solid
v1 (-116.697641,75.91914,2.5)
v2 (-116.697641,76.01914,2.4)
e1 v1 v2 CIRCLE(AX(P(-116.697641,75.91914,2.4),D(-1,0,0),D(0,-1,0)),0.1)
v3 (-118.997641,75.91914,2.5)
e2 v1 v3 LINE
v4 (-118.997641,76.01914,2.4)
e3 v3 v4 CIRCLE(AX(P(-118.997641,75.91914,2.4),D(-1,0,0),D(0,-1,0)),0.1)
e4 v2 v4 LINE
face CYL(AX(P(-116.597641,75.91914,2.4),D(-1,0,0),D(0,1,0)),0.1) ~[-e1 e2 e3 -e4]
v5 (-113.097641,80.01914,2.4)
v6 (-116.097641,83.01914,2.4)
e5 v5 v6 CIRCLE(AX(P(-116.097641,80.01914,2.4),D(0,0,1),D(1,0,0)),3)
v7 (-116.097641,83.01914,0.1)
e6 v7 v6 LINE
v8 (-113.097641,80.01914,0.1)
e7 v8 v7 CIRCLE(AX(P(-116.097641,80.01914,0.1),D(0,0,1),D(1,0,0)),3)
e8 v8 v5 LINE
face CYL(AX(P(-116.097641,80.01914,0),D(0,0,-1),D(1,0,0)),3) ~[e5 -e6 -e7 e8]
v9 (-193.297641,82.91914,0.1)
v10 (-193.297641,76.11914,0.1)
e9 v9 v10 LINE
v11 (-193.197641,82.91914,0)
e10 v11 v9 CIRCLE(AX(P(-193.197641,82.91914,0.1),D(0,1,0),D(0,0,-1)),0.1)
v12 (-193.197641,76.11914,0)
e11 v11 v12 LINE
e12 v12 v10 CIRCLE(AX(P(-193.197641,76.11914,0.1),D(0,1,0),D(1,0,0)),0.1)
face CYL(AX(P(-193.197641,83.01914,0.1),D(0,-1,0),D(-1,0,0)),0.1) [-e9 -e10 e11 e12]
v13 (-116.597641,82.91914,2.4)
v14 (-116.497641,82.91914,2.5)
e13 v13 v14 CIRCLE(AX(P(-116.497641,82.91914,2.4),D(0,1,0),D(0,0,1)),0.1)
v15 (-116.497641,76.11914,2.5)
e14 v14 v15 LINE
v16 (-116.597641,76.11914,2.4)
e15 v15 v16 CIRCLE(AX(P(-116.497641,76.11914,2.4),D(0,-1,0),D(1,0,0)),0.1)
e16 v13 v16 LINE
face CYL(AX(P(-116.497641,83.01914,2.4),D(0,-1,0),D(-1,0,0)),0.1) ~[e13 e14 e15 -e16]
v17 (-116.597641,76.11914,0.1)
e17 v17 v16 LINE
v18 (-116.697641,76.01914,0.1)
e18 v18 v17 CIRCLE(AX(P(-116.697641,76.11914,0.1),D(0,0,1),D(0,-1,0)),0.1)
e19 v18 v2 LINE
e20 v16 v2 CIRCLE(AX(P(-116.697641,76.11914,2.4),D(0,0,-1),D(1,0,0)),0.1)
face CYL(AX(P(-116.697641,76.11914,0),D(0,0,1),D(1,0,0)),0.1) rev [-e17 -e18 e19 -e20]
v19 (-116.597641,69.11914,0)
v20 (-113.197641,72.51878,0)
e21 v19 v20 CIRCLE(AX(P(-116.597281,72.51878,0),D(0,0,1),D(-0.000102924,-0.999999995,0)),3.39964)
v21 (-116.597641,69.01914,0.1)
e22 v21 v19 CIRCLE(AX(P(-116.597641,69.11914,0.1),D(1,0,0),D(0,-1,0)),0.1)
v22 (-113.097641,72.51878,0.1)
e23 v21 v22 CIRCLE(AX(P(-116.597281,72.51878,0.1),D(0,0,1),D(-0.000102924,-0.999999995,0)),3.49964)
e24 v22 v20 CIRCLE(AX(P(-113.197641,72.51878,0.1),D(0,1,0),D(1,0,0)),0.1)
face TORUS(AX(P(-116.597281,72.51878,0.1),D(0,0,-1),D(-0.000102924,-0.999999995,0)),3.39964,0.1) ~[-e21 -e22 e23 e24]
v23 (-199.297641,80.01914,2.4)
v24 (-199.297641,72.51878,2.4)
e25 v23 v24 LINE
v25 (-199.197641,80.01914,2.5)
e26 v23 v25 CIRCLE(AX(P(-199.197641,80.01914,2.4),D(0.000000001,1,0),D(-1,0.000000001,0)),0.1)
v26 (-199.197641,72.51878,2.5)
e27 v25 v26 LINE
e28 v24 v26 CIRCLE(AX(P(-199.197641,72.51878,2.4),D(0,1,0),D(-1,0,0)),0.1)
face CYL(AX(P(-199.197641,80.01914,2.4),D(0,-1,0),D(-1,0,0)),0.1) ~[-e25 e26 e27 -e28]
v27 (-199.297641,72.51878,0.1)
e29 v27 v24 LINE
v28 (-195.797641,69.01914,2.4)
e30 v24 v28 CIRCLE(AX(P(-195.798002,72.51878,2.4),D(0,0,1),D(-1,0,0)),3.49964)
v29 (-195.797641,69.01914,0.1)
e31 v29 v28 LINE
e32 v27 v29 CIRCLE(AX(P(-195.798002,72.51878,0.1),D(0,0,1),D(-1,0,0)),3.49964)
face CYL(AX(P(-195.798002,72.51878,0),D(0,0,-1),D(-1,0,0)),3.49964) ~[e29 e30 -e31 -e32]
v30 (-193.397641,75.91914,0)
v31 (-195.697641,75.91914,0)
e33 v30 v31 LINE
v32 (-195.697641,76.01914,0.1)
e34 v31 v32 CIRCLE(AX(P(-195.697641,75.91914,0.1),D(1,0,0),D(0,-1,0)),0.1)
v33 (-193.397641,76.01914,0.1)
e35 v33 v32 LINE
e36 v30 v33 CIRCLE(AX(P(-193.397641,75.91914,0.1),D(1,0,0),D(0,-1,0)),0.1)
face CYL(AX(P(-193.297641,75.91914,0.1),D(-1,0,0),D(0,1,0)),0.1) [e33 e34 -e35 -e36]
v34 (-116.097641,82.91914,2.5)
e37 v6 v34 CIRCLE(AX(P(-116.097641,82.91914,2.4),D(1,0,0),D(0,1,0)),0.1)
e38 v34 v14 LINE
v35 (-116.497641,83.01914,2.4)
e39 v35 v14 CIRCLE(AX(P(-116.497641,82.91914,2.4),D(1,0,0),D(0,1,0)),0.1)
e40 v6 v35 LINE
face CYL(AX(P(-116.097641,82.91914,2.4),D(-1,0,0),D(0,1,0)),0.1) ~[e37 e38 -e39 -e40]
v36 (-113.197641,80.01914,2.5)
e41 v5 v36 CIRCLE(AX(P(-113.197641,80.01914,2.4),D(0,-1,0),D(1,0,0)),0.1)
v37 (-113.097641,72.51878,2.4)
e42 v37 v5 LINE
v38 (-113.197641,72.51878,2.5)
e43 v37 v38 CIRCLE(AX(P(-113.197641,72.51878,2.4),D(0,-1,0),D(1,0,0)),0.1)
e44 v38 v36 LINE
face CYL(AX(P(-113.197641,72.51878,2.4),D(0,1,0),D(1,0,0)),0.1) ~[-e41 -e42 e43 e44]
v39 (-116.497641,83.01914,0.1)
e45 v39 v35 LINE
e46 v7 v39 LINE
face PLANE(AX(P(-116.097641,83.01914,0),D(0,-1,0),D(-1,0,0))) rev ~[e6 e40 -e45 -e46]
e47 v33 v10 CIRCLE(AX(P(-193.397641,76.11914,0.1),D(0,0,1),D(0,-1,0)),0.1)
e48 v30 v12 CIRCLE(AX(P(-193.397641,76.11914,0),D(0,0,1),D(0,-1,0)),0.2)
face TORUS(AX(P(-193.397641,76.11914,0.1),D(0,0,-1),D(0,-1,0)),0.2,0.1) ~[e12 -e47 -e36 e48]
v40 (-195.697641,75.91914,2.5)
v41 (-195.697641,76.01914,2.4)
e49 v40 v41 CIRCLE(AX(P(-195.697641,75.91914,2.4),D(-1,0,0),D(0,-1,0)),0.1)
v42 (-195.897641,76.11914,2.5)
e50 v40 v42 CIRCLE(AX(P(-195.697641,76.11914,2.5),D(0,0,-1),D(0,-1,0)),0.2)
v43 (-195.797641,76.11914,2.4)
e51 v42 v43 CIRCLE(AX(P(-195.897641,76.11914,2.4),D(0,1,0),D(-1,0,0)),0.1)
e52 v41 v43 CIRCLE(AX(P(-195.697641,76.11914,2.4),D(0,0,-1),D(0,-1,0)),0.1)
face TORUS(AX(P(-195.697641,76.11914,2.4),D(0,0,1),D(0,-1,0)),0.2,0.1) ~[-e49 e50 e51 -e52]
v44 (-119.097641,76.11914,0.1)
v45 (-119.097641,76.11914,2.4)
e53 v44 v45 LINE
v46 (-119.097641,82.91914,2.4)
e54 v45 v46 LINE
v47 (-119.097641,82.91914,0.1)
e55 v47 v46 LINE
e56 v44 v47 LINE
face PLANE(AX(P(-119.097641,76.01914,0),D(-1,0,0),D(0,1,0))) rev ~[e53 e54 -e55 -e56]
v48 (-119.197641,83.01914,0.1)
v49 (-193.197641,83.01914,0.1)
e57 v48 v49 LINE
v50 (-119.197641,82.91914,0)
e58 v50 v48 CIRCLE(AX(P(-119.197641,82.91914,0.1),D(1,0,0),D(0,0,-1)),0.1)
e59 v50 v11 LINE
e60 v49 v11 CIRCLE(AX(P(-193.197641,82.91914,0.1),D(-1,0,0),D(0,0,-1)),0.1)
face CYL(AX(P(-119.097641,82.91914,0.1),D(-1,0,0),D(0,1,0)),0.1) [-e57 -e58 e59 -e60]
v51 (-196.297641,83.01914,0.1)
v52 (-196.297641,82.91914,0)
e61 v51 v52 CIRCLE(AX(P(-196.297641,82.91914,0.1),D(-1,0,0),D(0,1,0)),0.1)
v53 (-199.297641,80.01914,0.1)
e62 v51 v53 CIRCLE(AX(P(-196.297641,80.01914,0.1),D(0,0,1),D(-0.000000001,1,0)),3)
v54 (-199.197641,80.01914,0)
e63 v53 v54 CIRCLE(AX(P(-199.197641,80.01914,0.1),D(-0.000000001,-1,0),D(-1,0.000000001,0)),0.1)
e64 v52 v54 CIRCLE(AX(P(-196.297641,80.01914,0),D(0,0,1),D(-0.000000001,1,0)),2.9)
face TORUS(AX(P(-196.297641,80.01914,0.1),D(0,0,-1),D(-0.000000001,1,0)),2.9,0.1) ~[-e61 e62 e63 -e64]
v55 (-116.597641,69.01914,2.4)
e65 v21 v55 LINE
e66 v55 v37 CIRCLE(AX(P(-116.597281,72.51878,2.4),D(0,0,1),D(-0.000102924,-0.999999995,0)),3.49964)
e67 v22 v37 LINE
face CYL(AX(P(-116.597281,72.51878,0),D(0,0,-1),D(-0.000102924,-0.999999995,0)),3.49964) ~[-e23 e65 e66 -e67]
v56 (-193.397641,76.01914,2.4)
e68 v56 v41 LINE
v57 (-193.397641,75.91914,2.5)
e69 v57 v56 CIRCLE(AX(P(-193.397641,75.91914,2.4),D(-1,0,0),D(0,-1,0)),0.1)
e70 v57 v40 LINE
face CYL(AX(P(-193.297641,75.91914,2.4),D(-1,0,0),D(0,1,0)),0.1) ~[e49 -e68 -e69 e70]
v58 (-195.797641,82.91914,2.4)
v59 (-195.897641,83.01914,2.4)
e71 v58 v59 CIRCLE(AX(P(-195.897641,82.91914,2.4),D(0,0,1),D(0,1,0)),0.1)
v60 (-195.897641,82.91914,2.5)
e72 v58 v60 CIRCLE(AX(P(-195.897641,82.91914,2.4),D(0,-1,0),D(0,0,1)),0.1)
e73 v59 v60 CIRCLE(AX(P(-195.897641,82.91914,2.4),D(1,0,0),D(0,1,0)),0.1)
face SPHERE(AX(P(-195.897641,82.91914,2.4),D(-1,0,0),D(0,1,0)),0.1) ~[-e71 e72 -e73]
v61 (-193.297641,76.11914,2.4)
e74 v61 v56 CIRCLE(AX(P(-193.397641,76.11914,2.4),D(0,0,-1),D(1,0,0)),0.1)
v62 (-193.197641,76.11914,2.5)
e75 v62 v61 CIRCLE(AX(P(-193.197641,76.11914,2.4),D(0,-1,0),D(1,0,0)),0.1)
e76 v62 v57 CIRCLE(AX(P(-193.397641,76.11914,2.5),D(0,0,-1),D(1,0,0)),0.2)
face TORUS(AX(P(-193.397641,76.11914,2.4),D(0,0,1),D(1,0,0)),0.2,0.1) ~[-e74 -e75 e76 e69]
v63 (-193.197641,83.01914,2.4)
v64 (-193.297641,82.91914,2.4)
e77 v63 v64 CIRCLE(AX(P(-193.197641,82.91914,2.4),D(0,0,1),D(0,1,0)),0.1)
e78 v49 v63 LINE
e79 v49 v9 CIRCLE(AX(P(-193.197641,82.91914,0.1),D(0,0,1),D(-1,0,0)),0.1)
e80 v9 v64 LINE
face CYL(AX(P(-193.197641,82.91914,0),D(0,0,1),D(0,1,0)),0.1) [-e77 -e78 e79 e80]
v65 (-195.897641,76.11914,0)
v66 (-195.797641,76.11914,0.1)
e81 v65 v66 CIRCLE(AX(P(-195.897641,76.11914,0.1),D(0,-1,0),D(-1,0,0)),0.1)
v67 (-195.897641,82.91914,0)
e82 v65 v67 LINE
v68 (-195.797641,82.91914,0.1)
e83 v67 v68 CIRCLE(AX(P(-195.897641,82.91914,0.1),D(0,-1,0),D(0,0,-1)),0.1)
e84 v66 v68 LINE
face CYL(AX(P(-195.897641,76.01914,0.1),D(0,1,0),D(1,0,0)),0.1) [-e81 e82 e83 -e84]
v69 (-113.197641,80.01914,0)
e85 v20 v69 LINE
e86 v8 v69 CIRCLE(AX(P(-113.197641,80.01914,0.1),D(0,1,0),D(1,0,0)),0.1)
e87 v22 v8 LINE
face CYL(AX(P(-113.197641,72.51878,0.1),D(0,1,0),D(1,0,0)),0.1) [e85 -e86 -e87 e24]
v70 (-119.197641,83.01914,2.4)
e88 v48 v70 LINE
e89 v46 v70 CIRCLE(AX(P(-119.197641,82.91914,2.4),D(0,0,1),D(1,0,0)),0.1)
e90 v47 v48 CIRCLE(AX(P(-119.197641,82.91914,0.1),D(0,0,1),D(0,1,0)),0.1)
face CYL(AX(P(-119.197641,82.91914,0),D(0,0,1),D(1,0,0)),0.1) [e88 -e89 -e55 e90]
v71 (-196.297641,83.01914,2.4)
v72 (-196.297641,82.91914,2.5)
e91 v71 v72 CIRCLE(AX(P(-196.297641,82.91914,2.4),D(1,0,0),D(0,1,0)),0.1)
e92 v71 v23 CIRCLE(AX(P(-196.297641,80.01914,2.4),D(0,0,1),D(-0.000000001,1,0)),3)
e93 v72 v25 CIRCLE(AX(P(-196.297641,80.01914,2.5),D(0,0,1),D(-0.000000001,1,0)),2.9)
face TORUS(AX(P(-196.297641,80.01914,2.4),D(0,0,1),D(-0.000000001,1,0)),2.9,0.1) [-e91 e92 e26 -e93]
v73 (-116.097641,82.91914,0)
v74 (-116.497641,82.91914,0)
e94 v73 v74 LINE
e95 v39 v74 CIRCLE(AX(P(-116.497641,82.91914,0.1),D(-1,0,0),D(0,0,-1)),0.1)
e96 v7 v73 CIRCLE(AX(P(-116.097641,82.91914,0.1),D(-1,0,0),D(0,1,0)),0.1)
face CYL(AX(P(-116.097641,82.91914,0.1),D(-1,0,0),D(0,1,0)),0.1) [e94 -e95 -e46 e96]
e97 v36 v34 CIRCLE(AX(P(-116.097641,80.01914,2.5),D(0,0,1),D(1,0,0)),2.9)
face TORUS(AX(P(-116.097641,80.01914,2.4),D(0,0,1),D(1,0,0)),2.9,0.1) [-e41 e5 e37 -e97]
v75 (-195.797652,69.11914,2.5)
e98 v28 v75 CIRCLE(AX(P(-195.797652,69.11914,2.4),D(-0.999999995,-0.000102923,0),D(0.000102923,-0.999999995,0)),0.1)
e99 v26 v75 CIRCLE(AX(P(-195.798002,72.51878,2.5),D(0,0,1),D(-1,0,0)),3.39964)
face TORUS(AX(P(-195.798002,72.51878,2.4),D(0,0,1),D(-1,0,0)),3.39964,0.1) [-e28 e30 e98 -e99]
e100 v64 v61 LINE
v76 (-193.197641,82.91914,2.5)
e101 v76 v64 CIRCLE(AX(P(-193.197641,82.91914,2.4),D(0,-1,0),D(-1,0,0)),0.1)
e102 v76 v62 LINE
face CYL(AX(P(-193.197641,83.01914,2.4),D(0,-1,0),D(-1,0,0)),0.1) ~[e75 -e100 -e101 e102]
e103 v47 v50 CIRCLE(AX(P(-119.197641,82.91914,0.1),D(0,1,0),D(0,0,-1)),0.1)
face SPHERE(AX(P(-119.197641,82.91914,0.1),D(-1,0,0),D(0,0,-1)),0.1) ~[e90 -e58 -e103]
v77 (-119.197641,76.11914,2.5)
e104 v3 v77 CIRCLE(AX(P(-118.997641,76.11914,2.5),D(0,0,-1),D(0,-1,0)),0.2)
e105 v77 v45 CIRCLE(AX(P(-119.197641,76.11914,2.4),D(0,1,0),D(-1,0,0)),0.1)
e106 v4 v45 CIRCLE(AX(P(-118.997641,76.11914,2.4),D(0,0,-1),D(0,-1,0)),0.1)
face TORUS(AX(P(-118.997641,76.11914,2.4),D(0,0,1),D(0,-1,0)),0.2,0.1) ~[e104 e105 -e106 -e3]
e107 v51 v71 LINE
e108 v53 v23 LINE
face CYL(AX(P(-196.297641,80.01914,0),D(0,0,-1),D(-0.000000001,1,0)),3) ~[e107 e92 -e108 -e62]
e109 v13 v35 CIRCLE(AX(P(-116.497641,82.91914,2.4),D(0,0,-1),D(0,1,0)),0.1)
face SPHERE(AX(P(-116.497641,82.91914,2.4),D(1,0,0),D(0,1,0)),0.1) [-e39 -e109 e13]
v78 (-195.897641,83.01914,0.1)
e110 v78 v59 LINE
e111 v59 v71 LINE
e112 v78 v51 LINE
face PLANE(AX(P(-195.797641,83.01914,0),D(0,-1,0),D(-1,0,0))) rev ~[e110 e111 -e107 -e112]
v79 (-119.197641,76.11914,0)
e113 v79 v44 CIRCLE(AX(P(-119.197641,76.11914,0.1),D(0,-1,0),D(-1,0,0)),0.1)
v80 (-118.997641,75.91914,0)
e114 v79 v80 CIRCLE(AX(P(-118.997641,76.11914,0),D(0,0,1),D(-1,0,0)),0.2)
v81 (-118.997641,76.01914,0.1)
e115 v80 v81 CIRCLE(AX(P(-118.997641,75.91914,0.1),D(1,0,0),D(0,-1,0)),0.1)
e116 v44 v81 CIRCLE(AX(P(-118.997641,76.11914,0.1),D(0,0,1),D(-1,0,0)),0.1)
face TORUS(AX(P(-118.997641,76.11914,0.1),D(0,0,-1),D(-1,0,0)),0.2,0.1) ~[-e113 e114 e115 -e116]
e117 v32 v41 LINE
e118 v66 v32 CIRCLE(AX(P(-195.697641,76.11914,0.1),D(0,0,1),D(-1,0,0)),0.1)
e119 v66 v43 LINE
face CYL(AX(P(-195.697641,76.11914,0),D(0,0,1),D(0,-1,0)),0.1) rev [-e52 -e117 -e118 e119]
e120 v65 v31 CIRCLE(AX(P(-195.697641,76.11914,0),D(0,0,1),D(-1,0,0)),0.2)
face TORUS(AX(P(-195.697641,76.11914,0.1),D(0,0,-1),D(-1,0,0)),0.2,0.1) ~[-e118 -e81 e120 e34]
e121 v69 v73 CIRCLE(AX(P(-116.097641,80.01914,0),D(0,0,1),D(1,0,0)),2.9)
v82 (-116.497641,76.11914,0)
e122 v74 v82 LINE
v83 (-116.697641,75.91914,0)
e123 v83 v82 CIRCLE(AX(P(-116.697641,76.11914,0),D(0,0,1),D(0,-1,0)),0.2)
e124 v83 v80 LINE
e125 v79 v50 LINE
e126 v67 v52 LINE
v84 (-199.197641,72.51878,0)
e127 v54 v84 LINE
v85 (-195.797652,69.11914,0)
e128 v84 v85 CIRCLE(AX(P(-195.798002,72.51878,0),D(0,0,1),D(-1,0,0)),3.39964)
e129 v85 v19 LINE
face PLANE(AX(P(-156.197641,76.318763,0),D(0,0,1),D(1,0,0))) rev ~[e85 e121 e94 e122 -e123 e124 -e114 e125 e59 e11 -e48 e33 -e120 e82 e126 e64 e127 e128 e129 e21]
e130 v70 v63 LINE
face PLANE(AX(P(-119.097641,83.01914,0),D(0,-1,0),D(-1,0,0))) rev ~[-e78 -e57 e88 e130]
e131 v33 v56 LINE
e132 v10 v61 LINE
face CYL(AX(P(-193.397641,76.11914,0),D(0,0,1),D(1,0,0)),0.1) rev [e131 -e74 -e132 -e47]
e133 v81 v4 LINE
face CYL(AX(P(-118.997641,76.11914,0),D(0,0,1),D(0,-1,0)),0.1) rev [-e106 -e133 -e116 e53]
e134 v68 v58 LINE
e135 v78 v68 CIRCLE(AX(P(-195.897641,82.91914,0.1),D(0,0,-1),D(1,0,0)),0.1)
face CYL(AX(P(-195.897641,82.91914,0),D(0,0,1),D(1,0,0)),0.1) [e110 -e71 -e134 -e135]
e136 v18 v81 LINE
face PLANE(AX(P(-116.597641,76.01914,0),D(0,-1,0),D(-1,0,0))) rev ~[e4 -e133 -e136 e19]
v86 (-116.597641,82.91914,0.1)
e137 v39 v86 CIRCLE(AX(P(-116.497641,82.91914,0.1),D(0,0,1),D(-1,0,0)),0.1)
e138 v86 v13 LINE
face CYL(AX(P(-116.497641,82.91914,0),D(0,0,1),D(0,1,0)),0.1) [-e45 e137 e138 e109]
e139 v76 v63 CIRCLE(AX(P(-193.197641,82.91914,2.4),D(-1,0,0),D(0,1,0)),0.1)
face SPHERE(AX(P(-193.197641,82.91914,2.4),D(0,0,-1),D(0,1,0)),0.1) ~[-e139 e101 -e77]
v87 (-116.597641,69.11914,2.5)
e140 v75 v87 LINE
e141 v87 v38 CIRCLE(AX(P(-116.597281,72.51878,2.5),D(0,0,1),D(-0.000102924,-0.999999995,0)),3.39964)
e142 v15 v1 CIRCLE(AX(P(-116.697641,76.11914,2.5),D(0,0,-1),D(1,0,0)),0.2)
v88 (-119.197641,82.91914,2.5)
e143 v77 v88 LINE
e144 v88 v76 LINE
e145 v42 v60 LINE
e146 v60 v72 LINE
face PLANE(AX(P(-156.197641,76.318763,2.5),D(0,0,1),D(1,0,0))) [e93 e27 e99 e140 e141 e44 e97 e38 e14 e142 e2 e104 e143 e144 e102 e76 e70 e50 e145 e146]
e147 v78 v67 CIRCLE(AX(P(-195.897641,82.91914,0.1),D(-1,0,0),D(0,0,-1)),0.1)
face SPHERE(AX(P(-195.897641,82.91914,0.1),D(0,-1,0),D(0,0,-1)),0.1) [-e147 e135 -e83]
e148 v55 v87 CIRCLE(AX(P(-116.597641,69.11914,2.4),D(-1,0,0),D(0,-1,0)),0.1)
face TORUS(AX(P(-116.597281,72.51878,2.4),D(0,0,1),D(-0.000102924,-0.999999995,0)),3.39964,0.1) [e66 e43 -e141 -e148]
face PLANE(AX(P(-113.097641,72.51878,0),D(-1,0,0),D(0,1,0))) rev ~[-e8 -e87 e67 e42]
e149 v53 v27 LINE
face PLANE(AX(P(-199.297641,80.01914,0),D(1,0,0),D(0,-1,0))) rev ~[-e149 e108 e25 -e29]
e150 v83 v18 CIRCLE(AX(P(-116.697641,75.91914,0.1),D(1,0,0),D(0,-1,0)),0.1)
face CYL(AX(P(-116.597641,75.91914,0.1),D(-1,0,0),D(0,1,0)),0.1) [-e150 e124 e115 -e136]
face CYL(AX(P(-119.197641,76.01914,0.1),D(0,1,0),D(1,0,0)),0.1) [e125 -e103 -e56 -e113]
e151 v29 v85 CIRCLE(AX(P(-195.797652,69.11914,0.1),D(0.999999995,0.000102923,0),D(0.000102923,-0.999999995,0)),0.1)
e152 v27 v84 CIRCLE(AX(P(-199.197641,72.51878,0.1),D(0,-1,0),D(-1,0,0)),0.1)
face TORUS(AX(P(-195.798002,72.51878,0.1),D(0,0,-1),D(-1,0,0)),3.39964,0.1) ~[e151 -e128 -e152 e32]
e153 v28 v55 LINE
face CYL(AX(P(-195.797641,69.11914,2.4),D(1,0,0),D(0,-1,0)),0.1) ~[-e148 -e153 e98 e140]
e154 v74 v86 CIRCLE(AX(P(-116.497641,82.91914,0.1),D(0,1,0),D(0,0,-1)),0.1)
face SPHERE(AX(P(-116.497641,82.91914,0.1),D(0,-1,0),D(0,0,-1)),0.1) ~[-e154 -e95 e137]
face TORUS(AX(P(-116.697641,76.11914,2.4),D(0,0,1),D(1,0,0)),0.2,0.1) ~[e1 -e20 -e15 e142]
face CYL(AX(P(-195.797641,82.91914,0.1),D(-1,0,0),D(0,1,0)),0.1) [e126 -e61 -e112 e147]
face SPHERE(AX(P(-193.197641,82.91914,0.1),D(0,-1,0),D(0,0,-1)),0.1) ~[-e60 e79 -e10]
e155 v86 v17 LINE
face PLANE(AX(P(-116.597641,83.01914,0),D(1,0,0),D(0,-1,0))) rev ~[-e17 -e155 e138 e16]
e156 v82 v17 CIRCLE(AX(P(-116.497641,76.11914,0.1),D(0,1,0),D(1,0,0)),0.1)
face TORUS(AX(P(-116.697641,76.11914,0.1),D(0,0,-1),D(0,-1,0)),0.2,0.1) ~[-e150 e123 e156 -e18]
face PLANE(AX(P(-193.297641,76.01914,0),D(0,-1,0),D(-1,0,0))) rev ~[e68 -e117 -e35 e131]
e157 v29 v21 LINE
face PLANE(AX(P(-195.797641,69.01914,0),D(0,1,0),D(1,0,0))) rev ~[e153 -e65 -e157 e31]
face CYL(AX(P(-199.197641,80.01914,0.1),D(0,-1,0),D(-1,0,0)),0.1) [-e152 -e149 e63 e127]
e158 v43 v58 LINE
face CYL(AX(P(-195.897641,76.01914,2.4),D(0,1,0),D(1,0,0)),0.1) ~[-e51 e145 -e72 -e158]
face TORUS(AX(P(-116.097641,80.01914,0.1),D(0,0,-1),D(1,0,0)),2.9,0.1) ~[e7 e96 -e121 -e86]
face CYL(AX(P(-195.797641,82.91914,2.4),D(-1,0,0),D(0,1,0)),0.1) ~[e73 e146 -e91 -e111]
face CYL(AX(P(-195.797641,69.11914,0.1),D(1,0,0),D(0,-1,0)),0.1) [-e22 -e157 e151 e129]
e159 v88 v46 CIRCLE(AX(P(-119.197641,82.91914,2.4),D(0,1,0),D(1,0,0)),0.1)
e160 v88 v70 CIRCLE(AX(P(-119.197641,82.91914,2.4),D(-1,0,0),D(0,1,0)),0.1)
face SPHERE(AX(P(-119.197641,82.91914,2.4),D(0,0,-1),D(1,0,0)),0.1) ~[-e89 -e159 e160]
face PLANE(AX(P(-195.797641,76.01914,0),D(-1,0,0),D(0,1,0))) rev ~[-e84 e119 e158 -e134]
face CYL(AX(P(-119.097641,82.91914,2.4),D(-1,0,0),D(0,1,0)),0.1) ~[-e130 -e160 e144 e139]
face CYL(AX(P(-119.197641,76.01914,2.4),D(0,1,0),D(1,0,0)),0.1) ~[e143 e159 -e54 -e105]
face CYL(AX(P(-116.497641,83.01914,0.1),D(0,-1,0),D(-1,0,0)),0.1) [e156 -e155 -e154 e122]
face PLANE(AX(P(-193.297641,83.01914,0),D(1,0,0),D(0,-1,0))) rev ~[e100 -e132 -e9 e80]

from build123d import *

# Parameters (mm, degrees)
RESSALTO_EXTRUS_O1_DEPTH = 2.5
FILETE1_R                = 0.1


with BuildPart() as part:
    # Esboço1 → Ressalto-extrusão1 (new body)
    with BuildSketch(Plane.XY):
        with BuildLine():
            ThreePointArc((-199.297641475, 72.518779678), (-198.272493356, 70.044033295), (-195.797641475, 69.019139891))
            Line((-195.797641475, 69.019139891), (-116.597641475, 69.019139891))
            ThreePointArc((-116.597641475, 69.019139891), (-114.122789593, 70.044033295), (-113.097641475, 72.518779678))
            Line((-113.097641475, 72.518779678), (-113.097641475, 80.019139873))
            ThreePointArc((-113.097641475, 80.019139873), (-113.976321131, 82.140460216), (-116.097641475, 83.019139873))
            Line((-116.097641475, 83.019139873), (-116.597641475, 83.019139873))
            Line((-116.597641475, 83.019139873), (-116.597641475, 76.019139873))
            Line((-116.597641475, 76.019139873), (-119.097641475, 76.019139873))
            Line((-119.097641475, 76.019139873), (-119.097641475, 83.019139873))
            Line((-119.097641475, 83.019139873), (-135.097641475, 83.019139873))
            Line((-135.097641475, 83.019139873), (-141.097641475, 83.019139873))
            Line((-141.097641475, 83.019139873), (-171.297641475, 83.019139873))
            Line((-171.297641475, 83.019139873), (-177.297641475, 83.019139873))
            Line((-177.297641475, 83.019139873), (-193.297641475, 83.019139873))
            Line((-193.297641475, 83.019139873), (-193.297641475, 76.019139873))
            Line((-193.297641475, 76.019139873), (-195.797641475, 76.019139873))
            Line((-195.797641475, 76.019139873), (-195.797641475, 83.019139873))
            Line((-195.797641475, 83.019139873), (-196.297641475, 83.019139873))
            ThreePointArc((-196.297641475, 83.019139873), (-198.418961818, 82.140460216), (-199.297641475, 80.019139873))
            Line((-199.297641475, 80.019139873), (-199.297641475, 72.518779678))
        make_face()
    extrude(amount=RESSALTO_EXTRUS_O1_DEPTH)

    # Filete1
    filete1_edges = [part.edges().sort_by_distance(p)[0] for p in [
        (-199.297641475, 76.268959775, 2.5),
        (-195.797641475, 79.519139873, 0),
        (-194.547641475, 76.019139873, 0),
        (-198.272493356, 70.044033295, 2.5),
        (-193.297641475, 79.519139873, 0),
        (-156.197641475, 83.019139873, 0),
        (-119.097641475, 79.519139873, 0),
        (-117.847641475, 76.019139873, 0),
        (-116.597641475, 79.519139873, 0),
        (-116.347641475, 83.019139873, 0),
        (-113.976321131, 82.140460216, 0),
        (-113.097641475, 76.268959775, 0),
        (-156.197641475, 69.019139891, 2.5),
        (-114.122789593, 70.044033295, 0),
        (-156.197641475, 69.019139891, 0),
        (-198.272493356, 70.044033295, 0),
        (-199.297641475, 76.268959775, 0),
        (-198.418961818, 82.140460216, 0),
        (-196.047641475, 83.019139873, 0),
        (-114.122789593, 70.044033295, 2.5),
        (-113.097641475, 76.268959775, 2.5),
        (-195.797641475, 83.019139873, 1.25),
        (-195.797641475, 76.019139873, 1.25),
        (-193.297641475, 76.019139873, 1.25),
        (-193.297641475, 83.019139873, 1.25),
        (-119.097641475, 83.019139873, 1.25),
        (-119.097641475, 76.019139873, 1.25),
        (-116.597641475, 76.019139873, 1.25),
        (-116.597641475, 83.019139873, 1.25),
        (-113.976321131, 82.140460216, 2.5),
        (-116.347641475, 83.019139873, 2.5),
        (-116.597641475, 79.519139873, 2.5),
        (-117.847641475, 76.019139873, 2.5),
        (-119.097641475, 79.519139873, 2.5),
        (-196.047641475, 83.019139873, 2.5),
        (-156.197641475, 83.019139873, 2.5),
        (-193.297641475, 79.519139873, 2.5),
        (-194.547641475, 76.019139873, 2.5),
        (-195.797641475, 79.519139873, 2.5),
        (-198.418961818, 82.140460216, 2.5),
    ]]
    fillet(filete1_edges, radius=FILETE1_R)


solid = part.part
